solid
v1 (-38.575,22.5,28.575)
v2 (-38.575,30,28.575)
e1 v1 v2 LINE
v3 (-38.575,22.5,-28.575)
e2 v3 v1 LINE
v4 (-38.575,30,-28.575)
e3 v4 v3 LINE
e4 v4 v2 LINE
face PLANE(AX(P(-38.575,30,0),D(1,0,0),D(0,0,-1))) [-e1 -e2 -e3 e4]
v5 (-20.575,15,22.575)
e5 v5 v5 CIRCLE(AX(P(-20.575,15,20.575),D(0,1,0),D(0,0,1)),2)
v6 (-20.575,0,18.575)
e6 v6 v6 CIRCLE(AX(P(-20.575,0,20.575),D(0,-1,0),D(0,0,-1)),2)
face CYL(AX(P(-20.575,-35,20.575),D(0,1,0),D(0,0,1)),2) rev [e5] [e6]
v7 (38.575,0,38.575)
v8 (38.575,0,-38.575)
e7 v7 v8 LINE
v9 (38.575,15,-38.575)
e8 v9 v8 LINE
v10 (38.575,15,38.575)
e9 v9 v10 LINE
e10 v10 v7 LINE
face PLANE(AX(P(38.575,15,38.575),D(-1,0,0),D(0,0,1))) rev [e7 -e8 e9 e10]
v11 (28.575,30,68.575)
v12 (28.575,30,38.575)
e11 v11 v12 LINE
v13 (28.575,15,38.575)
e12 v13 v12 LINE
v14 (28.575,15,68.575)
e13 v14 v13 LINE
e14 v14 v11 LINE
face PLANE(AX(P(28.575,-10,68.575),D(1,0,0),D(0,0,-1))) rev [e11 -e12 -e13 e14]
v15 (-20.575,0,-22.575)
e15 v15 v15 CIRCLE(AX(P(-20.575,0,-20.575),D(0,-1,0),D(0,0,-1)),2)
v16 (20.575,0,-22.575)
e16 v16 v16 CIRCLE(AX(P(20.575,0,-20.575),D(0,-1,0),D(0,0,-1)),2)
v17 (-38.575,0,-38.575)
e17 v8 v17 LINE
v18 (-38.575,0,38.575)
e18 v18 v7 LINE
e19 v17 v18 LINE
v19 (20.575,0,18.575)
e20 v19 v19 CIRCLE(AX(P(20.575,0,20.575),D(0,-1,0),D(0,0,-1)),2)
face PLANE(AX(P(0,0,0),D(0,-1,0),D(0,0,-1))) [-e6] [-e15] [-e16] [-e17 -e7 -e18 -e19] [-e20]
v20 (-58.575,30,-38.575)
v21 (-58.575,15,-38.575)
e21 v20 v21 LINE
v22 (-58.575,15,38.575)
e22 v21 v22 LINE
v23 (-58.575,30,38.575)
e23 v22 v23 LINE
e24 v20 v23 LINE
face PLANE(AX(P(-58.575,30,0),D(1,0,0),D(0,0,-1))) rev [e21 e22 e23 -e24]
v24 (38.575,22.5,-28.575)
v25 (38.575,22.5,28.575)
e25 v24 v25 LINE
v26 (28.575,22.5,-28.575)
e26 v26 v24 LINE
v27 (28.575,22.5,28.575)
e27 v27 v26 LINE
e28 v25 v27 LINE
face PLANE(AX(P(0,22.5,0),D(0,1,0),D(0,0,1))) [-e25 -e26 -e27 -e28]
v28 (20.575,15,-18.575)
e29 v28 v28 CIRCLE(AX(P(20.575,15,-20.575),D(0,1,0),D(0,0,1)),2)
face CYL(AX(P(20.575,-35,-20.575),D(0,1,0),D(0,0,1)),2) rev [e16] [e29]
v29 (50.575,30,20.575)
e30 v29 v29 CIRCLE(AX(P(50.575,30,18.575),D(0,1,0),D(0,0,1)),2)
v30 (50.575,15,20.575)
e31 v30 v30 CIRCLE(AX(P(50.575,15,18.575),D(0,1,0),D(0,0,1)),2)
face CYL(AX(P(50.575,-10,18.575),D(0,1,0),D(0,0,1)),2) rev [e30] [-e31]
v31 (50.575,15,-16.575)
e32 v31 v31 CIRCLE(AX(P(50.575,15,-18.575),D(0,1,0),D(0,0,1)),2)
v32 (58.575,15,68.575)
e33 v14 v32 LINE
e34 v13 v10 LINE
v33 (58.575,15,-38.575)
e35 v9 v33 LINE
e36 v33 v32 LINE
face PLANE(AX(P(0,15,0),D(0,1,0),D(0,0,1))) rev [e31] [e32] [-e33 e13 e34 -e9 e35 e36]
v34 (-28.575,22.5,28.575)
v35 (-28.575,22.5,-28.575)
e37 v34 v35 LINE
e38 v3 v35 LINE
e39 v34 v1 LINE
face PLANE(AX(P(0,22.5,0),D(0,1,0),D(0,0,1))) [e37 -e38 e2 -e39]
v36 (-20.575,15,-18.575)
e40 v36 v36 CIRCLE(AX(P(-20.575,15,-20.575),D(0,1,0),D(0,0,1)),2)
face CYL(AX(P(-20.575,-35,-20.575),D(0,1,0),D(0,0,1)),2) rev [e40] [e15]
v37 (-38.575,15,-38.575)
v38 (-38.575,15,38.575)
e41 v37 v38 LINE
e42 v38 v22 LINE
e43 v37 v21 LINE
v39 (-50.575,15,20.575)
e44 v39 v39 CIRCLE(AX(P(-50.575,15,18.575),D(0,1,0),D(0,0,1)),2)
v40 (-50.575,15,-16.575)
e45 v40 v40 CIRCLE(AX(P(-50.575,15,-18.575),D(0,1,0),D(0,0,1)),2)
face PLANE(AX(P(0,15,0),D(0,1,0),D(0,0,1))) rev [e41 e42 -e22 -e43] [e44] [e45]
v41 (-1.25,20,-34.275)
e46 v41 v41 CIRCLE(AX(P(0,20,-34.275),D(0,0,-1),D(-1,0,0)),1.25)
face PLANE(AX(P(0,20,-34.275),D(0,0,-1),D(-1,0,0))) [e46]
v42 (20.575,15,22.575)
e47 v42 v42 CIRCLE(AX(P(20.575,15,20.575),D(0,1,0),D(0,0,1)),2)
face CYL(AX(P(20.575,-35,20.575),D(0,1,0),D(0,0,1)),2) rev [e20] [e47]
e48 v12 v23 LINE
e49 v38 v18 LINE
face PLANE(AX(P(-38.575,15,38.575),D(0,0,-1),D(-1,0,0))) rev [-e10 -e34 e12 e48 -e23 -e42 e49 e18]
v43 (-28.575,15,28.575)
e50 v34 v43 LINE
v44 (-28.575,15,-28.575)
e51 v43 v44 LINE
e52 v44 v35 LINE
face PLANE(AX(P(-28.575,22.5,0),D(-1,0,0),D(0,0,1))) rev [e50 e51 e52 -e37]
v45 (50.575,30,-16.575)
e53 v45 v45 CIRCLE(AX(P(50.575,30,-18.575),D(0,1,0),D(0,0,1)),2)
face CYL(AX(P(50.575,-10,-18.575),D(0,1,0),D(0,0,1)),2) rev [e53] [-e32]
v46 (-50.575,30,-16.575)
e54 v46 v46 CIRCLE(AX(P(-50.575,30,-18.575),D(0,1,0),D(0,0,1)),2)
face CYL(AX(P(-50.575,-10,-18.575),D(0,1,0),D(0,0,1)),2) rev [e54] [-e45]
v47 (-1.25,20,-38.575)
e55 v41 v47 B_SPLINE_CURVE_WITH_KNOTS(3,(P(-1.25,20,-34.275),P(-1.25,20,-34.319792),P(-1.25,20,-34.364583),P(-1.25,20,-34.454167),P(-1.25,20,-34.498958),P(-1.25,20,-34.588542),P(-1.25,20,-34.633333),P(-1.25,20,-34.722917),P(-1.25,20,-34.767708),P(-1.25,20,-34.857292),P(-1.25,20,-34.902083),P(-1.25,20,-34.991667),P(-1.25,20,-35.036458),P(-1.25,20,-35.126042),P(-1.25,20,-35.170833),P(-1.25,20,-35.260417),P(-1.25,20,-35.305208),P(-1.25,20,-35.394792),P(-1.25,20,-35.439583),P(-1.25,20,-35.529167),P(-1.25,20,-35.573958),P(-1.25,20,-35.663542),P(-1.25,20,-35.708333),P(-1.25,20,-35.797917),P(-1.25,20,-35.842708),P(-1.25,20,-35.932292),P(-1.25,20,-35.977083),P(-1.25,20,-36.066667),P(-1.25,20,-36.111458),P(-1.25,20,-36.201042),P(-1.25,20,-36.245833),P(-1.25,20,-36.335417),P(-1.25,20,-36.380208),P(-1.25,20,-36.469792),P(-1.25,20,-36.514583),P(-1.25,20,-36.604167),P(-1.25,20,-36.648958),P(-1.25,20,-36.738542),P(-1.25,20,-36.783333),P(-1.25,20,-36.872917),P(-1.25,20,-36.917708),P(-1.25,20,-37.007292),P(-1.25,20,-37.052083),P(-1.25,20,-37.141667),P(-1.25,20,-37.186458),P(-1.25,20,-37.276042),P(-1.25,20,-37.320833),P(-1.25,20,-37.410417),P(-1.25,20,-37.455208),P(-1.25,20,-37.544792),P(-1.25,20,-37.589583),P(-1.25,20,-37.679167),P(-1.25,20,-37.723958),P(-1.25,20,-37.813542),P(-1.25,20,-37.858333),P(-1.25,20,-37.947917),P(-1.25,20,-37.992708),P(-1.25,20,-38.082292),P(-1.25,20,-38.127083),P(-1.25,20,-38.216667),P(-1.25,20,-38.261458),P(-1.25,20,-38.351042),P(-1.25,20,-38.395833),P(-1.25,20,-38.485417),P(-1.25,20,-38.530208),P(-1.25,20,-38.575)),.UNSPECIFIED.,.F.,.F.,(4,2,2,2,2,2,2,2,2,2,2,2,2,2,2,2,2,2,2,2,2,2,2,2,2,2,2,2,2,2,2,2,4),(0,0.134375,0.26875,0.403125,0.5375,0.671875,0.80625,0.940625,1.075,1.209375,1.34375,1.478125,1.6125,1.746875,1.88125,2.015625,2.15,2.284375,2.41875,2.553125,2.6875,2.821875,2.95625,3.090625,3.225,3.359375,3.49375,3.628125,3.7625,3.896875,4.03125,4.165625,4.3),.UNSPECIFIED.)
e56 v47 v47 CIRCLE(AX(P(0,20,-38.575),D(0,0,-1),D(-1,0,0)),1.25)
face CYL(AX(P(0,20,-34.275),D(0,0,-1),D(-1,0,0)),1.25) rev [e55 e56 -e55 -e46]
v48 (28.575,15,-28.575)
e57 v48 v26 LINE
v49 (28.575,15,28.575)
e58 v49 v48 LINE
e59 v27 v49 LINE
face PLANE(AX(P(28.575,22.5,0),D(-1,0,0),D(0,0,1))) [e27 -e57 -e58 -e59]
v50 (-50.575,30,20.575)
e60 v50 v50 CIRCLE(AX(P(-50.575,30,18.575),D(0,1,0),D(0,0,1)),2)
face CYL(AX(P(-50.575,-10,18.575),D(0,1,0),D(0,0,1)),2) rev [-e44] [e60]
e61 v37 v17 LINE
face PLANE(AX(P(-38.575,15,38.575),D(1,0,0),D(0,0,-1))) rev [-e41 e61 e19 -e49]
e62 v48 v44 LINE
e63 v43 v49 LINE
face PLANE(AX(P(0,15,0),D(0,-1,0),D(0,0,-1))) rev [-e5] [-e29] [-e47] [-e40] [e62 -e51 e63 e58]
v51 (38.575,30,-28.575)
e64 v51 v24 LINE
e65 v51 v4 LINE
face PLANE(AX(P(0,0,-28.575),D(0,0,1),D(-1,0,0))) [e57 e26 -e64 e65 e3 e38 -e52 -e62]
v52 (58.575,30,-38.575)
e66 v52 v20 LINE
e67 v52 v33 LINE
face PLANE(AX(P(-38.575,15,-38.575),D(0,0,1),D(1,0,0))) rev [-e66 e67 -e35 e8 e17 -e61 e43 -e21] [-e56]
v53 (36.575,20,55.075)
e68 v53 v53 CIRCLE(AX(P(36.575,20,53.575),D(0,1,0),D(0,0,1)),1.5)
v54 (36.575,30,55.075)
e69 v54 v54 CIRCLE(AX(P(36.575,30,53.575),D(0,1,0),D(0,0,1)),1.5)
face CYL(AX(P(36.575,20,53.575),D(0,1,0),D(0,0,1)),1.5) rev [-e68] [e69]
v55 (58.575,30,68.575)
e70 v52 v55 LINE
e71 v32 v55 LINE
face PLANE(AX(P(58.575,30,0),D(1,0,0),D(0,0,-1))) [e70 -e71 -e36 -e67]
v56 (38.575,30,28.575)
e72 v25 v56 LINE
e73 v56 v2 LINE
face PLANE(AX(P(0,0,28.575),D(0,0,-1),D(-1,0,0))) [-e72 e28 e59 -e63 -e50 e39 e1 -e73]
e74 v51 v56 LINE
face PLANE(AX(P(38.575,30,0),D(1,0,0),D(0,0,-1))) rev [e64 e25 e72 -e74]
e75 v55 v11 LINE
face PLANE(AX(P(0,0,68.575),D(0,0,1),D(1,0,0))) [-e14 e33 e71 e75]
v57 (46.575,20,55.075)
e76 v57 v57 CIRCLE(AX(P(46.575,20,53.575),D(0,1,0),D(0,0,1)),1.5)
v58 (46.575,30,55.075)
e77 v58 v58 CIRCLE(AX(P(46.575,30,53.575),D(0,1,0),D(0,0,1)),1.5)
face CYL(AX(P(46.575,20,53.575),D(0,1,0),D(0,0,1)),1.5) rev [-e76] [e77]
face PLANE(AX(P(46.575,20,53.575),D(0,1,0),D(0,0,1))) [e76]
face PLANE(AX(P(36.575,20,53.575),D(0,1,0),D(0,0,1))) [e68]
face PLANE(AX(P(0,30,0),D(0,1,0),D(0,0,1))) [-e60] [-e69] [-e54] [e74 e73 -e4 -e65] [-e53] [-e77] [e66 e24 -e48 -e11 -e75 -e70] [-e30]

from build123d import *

# Parameters (mm, degrees)
CROQUIS1_W              = 77.15
CROQUIS1_H              = 77.15
SALIENTE_EXTRUIR1_DEPTH = 15
CROQUIS4_W              = 10
CROQUIS4_H              = 77.15
SALIENTE_EXTRUIR2_DEPTH = 7.5
CROQUIS4_3_W            = 20
CROQUIS4_3_H            = 77.15
SALIENTE_EXTRUIR3_DEPTH = 15
SALIENTE_EXTRUIR4_DEPTH = 10
CROQUIS7_R              = 2
CORTAR_EXTRUIR2_DEPTH   = 50
CROQUIS8_R              = 2
CORTAR_EXTRUIR3_DEPTH   = 40
CROQUIS9_W              = 117.15
CROQUIS9_H              = 15
SALIENTE_EXTRUIR5_DEPTH = 30
CROQUIS10_W             = 87.15
CROQUIS10_H             = 30
CORTAR_EXTRUIR4_DEPTH   = 40
CROQUIS11_R             = 1.5
CORTAR_EXTRUIR5_DEPTH   = 10
CROQUIS12_R             = 1.25
CORTAR_EXTRUIR6_DEPTH   = 4.3


with BuildPart() as part:
    # Croquis1 → Saliente-Extruir1 (new body)
    with BuildSketch(Plane(origin=(0, 0, 0), x_dir=(1, 0, 0), z_dir=(0, 1, 0))):
        Rectangle(CROQUIS1_W, CROQUIS1_H)
    extrude(amount=SALIENTE_EXTRUIR1_DEPTH)

    # Croquis4 → Saliente-Extruir2 (add)
    with BuildSketch(Plane(origin=(0, 15, 0), x_dir=(1, 0, 0), z_dir=(0, 1, 0))):
        with Locations((-33.575, 0)):
            Rectangle(CROQUIS4_W, CROQUIS4_H)
    saliente_extruir2 = extrude(amount=SALIENTE_EXTRUIR2_DEPTH)

    # Croquis4<3> → Saliente-Extruir3 (add)
    with BuildSketch(Plane(origin=(0, 15, 0), x_dir=(1, 0, 0), z_dir=(0, 1, 0))):
        with Locations((-48.575, 0)):
            Rectangle(CROQUIS4_3_W, CROQUIS4_3_H)
    saliente_extruir3 = extrude(amount=SALIENTE_EXTRUIR3_DEPTH)

    # Simetría1: Saliente-Extruir2, Saliente-Extruir3 across plane
    add(saliente_extruir2.mirror(Plane.ZY))
    add(saliente_extruir3.mirror(Plane.ZY))

    # Croquis5 → Saliente-Extruir4 (add)
    with BuildSketch(Plane.XY.offset(38.575)):
        Polygon((-58.575, 30), (-38.575, 30), (38.575, 30), (58.575, 30), (58.575, 15), (38.575, 15), (38.575, 0), (-38.575, 0), (-38.575, 15), (-58.575, 15), align=None)
    saliente_extruir4 = extrude(amount=-SALIENTE_EXTRUIR4_DEPTH)

    # Croquis7 → Cortar-Extruir2 (cut)
    with BuildSketch(Plane(origin=(0, 15, 0), x_dir=(1, 0, 0), z_dir=(0, 1, 0))):
        with Locations((20.575, 20.575)):
            Circle(CROQUIS7_R)
        with Locations((-20.575, 20.575)):
            Circle(CROQUIS7_R)
        with Locations((20.575, -20.575)):
            Circle(CROQUIS7_R)
        with Locations((-20.575, -20.575)):
            Circle(CROQUIS7_R)
    extrude(amount=-CORTAR_EXTRUIR2_DEPTH, mode=Mode.SUBTRACT)

    # Croquis8 → Cortar-Extruir3 (cut)
    with BuildSketch(Plane(origin=(0, 30, 0), x_dir=(1, 0, 0), z_dir=(0, 1, 0))):
        with Locations((50.575, 18.575)):
            Circle(CROQUIS8_R)
        with Locations((50.575, -18.575)):
            Circle(CROQUIS8_R)
        with Locations((-50.575, 18.575)):
            Circle(CROQUIS8_R)
        with Locations((-50.575, -18.575)):
            Circle(CROQUIS8_R)
    extrude(amount=-CORTAR_EXTRUIR3_DEPTH, mode=Mode.SUBTRACT)

    # Simetría2: Saliente-Extruir4 across plane
    add(saliente_extruir4.mirror(Plane(origin=(0, 0, 0), x_dir=(1, 0, 0), z_dir=(0, 0, -1))))

    # Croquis9 → Saliente-Extruir5 (add)
    with BuildSketch(Plane.XY.offset(38.575)):
        with Locations((0, 22.5)):
            Rectangle(CROQUIS9_W, CROQUIS9_H)
    extrude(amount=SALIENTE_EXTRUIR5_DEPTH)

    # Croquis10 → Cortar-Extruir4 (cut)
    with BuildSketch(Plane(origin=(0, 30, 0), x_dir=(1, 0, 0), z_dir=(0, 1, 0))):
        with Locations((-15, -53.575)):
            Rectangle(CROQUIS10_W, CROQUIS10_H)
    extrude(amount=-CORTAR_EXTRUIR4_DEPTH, mode=Mode.SUBTRACT)

    # Croquis11 → Cortar-Extruir5 (cut)
    with BuildSketch(Plane(origin=(0, 30, 0), x_dir=(1, 0, 0), z_dir=(0, 1, 0))):
        with Locations((36.575, -53.575)):
            Circle(CROQUIS11_R)
        with Locations((46.575, -53.575)):
            Circle(CROQUIS11_R)
    extrude(amount=-CORTAR_EXTRUIR5_DEPTH, mode=Mode.SUBTRACT)

    # Croquis12 → Cortar-Extruir6 (cut)
    with BuildSketch(Plane(origin=(0, 0, -38.575), x_dir=(-1, 0, 0), z_dir=(0, 0, -1))):
        with Locations((0, 20)):
            Circle(CROQUIS12_R)
    extrude(amount=-CORTAR_EXTRUIR6_DEPTH, mode=Mode.SUBTRACT)


solid = part.part
